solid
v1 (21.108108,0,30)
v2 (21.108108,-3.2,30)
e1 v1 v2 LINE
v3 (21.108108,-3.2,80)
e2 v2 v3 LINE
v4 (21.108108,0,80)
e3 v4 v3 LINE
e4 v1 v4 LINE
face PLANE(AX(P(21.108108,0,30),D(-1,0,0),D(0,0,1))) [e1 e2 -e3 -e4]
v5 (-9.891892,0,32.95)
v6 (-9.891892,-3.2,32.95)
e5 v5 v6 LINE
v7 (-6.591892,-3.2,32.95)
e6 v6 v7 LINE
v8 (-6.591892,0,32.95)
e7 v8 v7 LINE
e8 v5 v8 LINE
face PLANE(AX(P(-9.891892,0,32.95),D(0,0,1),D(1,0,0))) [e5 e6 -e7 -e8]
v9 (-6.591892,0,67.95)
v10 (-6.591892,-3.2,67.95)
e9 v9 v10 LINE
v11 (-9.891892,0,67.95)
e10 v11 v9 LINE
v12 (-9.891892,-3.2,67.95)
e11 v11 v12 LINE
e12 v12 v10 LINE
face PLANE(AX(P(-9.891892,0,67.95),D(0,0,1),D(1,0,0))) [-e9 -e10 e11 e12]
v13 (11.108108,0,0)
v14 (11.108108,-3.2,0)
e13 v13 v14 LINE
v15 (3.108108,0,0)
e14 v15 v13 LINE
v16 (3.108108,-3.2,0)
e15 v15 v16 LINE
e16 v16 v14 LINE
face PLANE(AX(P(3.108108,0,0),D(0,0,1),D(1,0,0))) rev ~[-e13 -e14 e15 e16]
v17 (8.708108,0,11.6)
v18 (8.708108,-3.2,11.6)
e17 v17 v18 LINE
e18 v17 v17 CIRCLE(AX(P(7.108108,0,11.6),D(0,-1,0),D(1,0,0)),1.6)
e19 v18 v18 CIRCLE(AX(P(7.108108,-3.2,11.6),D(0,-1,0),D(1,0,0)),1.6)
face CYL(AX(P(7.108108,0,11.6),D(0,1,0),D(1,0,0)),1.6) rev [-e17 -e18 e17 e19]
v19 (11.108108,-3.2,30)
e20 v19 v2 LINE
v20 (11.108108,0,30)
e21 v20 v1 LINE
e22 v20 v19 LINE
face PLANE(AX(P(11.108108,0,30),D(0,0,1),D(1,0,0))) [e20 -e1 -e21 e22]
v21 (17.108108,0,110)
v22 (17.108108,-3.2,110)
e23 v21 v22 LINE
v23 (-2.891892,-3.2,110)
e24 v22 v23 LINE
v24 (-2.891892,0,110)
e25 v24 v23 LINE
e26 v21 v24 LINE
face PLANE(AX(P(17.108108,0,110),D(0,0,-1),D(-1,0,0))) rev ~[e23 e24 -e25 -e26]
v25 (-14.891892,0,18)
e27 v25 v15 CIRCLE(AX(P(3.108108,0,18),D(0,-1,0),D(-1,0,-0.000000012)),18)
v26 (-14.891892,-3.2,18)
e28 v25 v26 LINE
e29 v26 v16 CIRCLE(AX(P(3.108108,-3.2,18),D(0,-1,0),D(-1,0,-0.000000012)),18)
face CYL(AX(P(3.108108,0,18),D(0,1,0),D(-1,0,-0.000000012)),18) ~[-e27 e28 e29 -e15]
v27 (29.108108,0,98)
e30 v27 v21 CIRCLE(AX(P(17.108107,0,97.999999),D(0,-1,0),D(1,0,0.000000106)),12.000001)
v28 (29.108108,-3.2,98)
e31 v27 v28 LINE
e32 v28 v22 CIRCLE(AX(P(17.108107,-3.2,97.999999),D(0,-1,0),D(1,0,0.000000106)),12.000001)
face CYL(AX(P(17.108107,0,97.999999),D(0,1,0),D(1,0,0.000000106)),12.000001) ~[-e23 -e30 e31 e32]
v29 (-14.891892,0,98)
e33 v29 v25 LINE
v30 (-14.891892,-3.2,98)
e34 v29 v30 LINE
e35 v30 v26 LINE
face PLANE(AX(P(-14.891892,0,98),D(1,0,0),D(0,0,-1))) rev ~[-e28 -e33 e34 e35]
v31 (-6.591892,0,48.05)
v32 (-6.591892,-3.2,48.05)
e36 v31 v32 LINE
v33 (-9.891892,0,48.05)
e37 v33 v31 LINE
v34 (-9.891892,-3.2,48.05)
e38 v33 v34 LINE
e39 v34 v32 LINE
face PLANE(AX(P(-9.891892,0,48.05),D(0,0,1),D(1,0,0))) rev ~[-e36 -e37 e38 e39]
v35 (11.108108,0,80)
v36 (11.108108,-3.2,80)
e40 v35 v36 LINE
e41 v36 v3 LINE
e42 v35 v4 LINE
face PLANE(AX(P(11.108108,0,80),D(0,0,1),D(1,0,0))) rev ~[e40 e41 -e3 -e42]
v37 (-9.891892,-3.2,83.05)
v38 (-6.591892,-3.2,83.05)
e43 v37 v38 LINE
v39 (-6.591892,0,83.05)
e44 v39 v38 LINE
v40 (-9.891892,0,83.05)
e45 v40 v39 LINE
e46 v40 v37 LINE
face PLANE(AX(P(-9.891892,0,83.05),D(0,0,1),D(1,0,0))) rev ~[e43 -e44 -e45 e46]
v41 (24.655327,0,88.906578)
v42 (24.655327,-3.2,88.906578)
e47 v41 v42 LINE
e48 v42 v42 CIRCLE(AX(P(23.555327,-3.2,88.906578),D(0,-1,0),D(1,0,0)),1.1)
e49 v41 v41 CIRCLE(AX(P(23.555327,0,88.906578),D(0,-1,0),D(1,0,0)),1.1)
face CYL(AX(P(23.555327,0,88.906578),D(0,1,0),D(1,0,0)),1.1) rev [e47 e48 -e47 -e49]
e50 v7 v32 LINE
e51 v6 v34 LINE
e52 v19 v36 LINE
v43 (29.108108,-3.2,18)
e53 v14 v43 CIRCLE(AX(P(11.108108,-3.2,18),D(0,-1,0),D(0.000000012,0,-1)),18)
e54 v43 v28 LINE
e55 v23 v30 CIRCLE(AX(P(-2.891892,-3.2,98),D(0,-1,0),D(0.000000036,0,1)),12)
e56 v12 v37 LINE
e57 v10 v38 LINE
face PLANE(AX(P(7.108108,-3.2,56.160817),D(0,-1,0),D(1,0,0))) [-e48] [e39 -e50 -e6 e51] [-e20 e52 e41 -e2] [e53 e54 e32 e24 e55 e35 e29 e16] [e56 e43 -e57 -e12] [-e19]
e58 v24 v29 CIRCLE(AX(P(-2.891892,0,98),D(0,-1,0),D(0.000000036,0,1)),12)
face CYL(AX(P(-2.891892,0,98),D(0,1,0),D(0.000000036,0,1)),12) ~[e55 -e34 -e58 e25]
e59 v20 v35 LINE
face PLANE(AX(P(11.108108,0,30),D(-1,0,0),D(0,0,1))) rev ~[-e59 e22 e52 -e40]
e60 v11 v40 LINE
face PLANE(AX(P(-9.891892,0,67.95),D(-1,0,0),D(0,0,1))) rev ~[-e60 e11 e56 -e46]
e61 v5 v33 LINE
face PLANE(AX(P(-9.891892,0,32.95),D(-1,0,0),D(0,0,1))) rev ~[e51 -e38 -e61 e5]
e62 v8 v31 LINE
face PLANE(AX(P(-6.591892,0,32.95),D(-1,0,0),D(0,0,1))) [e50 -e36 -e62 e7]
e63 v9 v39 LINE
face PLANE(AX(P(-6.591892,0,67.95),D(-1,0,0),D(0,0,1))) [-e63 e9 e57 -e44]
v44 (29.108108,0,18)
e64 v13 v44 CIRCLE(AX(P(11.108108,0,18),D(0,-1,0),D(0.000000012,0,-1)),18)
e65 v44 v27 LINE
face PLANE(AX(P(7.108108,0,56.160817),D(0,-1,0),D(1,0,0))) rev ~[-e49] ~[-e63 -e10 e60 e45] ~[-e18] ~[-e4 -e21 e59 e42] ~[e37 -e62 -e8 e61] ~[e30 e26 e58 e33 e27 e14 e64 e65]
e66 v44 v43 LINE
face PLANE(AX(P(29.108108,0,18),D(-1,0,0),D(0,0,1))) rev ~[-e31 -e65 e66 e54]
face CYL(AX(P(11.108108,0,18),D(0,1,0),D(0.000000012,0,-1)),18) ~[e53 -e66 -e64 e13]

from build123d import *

# Parameters (mm, degrees)
F0_W     = 3.3
F0_H     = 15.1
F0_R     = 1.6
F0_W_2   = 10
F0_H_2   = 50
F0_R_2   = 1.1
F1_DEPTH = 3.2


with BuildPart() as f1:
    # F0 (on Front) → F1 (new body)
    with BuildSketch(Plane.XZ):
        with BuildLine():
            Line((17.108108, 110), (-2.891892, 110))
            ThreePointArc((-2.891892, 110), (-11.377174, 106.485281), (-14.891892, 98))
            Line((-14.891892, 98), (-14.891892, 18))
            ThreePointArc((-14.891892, 18), (-9.619814, 5.272078), (3.108108, 0))
            Line((3.108108, 0), (11.108108, 0))
            ThreePointArc((11.108108, 0), (23.83603, 5.272078), (29.108108, 18))
            Line((29.108108, 18), (29.108108, 98))
            ThreePointArc((29.108108, 98), (25.593389, 106.485281), (17.108108, 110))
        make_face()
        with Locations((-8.241892, 40.5)):
            Rectangle(F0_W, F0_H, mode=Mode.SUBTRACT)
        with Locations((7.108108, 11.6)):
            Circle(F0_R, mode=Mode.SUBTRACT)
        with Locations((-8.241892, 75.5)):
            Rectangle(F0_W, F0_H, mode=Mode.SUBTRACT)
        with Locations((16.108108, 55)):
            Rectangle(F0_W_2, F0_H_2, mode=Mode.SUBTRACT)
        with Locations((23.555327, 88.906578)):
            Circle(F0_R_2, mode=Mode.SUBTRACT)
    extrude(amount=F1_DEPTH)


solid = f1.part
